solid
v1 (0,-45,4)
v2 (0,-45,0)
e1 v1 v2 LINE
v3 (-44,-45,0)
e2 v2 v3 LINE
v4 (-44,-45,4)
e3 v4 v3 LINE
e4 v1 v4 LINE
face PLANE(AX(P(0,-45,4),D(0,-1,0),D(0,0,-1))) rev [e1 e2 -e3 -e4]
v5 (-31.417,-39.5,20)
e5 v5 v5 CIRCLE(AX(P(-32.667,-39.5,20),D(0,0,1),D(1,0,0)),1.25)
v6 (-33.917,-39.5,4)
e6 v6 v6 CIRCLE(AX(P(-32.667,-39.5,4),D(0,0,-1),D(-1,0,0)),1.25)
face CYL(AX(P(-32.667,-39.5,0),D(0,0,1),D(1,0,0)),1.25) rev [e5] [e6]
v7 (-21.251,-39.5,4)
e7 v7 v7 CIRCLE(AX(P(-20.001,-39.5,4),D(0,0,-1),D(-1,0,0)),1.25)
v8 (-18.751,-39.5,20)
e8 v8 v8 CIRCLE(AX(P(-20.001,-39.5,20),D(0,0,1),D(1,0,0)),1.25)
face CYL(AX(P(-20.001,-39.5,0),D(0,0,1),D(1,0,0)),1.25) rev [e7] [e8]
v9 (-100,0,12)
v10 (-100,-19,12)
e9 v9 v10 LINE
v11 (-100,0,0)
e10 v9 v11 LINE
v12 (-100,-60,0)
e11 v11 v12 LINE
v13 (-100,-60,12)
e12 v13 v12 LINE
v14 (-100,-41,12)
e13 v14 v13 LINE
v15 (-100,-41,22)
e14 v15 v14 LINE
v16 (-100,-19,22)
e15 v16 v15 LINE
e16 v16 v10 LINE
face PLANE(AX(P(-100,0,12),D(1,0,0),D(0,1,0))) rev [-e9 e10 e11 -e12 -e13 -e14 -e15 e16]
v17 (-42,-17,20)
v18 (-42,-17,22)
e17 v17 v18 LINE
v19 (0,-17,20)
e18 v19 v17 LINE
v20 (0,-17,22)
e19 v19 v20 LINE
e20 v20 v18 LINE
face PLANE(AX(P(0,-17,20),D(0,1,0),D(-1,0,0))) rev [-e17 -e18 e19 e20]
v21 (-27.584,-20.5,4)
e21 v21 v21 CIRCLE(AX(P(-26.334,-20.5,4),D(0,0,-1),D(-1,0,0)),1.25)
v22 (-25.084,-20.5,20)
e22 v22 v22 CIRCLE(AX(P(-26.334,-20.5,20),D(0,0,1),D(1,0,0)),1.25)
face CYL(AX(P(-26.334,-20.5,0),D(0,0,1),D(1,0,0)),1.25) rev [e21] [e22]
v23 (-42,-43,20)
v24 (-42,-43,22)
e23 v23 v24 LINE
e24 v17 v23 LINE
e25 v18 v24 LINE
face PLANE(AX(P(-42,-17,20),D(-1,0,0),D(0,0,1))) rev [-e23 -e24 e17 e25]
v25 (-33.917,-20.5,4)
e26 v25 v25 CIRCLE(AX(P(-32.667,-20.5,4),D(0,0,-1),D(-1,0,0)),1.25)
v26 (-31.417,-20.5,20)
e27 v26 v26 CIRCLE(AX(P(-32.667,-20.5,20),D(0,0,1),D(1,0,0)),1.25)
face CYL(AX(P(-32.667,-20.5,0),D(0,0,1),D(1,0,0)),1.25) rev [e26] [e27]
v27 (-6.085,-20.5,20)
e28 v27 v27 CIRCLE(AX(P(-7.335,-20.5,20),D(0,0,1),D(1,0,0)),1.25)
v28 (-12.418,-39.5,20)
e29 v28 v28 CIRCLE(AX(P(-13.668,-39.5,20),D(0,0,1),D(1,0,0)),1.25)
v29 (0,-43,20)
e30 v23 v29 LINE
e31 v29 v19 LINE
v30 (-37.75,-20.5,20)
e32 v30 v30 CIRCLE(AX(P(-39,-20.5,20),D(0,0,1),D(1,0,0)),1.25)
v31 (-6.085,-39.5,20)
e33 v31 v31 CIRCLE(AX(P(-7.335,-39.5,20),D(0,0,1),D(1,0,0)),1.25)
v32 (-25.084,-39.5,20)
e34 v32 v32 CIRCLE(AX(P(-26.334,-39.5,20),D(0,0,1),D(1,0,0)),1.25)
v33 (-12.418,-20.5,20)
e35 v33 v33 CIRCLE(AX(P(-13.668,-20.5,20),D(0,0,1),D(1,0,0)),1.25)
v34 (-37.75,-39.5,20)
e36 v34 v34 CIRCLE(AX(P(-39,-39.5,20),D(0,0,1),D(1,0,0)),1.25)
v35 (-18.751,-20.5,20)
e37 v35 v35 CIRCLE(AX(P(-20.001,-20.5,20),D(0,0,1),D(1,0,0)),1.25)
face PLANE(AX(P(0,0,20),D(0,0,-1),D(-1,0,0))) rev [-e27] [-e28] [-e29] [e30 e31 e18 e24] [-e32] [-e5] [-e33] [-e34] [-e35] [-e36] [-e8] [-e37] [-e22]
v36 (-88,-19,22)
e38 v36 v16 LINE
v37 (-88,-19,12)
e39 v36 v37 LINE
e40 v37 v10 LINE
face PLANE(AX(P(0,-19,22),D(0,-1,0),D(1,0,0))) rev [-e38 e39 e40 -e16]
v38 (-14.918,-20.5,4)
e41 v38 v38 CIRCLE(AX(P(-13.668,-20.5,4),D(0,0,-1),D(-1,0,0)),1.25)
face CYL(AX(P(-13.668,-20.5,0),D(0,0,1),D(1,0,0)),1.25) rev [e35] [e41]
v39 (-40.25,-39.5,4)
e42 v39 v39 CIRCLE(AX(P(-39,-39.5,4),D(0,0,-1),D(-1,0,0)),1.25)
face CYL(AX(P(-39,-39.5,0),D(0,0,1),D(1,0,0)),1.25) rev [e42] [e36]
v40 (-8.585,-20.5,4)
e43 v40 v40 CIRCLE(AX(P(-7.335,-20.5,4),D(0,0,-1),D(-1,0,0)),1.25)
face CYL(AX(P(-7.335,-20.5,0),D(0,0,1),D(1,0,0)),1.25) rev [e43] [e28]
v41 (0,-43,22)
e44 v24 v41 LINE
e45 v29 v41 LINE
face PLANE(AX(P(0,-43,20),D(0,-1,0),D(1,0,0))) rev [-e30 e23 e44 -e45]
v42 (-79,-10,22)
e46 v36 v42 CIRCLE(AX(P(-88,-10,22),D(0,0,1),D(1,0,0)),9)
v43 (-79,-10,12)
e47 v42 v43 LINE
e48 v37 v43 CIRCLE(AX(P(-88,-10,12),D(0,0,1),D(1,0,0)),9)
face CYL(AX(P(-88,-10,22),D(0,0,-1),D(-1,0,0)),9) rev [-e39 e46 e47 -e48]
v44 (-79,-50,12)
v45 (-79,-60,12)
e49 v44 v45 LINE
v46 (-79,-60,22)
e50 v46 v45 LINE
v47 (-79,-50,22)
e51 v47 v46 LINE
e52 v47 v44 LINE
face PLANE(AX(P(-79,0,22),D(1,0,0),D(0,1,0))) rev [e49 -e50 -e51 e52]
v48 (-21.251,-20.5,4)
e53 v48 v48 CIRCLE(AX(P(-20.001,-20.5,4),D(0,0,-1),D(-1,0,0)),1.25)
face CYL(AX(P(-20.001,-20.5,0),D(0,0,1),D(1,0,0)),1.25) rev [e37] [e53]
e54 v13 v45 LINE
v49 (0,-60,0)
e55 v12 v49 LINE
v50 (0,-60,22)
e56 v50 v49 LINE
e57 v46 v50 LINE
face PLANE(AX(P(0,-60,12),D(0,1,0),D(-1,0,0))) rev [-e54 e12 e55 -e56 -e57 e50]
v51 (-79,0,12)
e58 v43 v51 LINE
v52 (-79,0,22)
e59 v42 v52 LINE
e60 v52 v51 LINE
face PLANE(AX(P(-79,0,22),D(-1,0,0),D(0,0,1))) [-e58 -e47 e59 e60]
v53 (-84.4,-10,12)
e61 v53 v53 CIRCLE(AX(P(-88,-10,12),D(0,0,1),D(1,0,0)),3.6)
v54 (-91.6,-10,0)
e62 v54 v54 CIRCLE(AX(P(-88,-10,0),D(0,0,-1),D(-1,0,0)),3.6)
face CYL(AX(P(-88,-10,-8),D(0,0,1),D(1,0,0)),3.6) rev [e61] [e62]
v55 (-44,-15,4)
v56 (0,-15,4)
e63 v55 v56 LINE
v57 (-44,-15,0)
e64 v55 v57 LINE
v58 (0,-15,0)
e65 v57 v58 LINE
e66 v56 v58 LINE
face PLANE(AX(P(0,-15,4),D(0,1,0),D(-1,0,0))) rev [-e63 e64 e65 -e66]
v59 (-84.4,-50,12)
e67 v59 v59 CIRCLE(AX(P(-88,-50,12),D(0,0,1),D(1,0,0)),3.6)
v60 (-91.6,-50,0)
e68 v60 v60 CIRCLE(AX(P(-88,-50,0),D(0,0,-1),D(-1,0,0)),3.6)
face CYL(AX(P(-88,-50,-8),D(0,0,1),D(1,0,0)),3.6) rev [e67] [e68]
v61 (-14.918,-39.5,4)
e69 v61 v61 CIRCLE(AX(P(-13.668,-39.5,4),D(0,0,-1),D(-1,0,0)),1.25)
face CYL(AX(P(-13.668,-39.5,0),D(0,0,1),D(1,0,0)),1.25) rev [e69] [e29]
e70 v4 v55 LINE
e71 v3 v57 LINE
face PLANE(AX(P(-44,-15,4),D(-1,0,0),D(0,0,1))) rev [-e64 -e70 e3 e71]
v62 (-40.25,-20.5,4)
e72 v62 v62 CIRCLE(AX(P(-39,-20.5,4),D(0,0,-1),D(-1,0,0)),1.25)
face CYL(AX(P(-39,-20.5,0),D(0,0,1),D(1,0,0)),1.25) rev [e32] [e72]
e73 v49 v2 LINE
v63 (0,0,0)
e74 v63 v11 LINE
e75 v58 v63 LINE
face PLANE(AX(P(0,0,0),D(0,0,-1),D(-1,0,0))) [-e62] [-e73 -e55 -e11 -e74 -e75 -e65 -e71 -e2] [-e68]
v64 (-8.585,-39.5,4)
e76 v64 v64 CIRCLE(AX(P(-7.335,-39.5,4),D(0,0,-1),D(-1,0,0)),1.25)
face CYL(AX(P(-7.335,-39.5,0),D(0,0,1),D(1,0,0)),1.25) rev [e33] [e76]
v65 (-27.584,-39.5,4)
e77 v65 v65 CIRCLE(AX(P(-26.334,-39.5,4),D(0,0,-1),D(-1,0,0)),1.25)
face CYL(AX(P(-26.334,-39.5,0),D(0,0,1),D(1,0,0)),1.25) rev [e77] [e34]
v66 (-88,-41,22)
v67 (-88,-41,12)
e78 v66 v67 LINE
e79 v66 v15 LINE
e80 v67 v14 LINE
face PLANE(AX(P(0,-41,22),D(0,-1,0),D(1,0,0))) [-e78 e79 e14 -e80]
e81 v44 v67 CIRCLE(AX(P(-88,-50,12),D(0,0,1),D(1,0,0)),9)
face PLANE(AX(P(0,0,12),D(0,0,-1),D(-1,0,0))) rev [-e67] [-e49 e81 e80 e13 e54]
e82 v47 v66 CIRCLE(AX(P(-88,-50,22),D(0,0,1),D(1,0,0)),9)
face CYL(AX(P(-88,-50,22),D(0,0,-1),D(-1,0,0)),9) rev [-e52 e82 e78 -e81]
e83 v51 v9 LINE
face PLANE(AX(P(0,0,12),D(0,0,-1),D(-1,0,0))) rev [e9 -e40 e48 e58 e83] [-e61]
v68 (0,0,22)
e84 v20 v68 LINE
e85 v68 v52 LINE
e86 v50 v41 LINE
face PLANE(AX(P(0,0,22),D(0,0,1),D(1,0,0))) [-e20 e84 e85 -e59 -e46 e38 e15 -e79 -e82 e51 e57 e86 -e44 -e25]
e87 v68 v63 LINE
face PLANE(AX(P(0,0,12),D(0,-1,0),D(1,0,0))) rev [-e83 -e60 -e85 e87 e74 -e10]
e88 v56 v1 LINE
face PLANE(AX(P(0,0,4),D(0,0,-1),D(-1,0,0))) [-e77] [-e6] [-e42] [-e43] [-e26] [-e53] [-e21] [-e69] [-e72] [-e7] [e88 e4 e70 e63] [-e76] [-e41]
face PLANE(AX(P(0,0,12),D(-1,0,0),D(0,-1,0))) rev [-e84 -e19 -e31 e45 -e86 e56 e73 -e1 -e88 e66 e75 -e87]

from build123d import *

# Parameters (mm, degrees)
SKIZZE1_W                       = 100
SKIZZE1_H                       = 60
AUFSATZ_LINEAR_AUSTRAGEN1_DEPTH = 12
SKIZZE3_R                       = 3.6
SCHNITT_LINEAR_AUSTRAGEN2_DEPTH = 20
AUFSATZ_LINEAR_AUSTRAGEN2_DEPTH = 10
SKIZZE9_W                       = 42
SKIZZE9_H                       = 26
SCHNITT_LINEAR_AUSTRAGEN6_DEPTH = 2
SKIZZE10_W                      = 44
SKIZZE10_H                      = 30
SCHNITT_LINEAR_AUSTRAGEN7_DEPTH = 4
SKIZZE11_R                      = 1.25
SCHNITT_LINEAR_AUSTRAGEN8_DEPTH = 119.321595662


with BuildPart() as part:
    # Skizze1 → Aufsatz-Linear austragen1 (new body)
    with BuildSketch(Plane.XY):
        with Locations((-50, -30)):
            Rectangle(SKIZZE1_W, SKIZZE1_H)
    extrude(amount=AUFSATZ_LINEAR_AUSTRAGEN1_DEPTH)

    # Skizze3 → Schnitt-Linear austragen2 (cut)
    with BuildSketch(Plane.XY.offset(12)):
        with Locations((-88, -10)):
            Circle(SKIZZE3_R)
        with Locations((-88, -50)):
            Circle(SKIZZE3_R)
    extrude(amount=-SCHNITT_LINEAR_AUSTRAGEN2_DEPTH, mode=Mode.SUBTRACT)

    # Skizze5 → Aufsatz-Linear austragen2 (add)
    with BuildSketch(Plane.XY.offset(12)):
        with BuildLine():
            Line((-100, -41), (-88, -41))
            ThreePointArc((-88, -41), (-81.636038969, -43.636038969), (-79, -50))
            Line((-79, -50), (-79, -60))
            Line((-79, -60), (0, -60))
            Line((0, -60), (0, 0))
            Line((0, 0), (-79, 0))
            Line((-79, 0), (-79, -10))
            ThreePointArc((-79, -10), (-81.636038969, -16.363961031), (-88, -19))
            Line((-88, -19), (-100, -19))
            Line((-100, -19), (-100, -41))
        make_face()
    extrude(amount=AUFSATZ_LINEAR_AUSTRAGEN2_DEPTH)

    # Skizze9 → Schnitt-Linear austragen6 (cut)
    with BuildSketch(Plane.XY.offset(22)):
        with Locations((-21, -30)):
            Rectangle(SKIZZE9_W, SKIZZE9_H)
    extrude(amount=-SCHNITT_LINEAR_AUSTRAGEN6_DEPTH, mode=Mode.SUBTRACT)

    # Skizze10 → Schnitt-Linear austragen7 (cut)
    with BuildSketch(Plane(origin=(0, 0, 0), x_dir=(-1, 0, 0), z_dir=(0, 0, -1))):
        with Locations((22, -30)):
            Rectangle(SKIZZE10_W, SKIZZE10_H)
    extrude(amount=-SCHNITT_LINEAR_AUSTRAGEN7_DEPTH, mode=Mode.SUBTRACT)

    # Skizze11 → Schnitt-Linear austragen8 (cut, through all)
    with BuildSketch(Plane.XY.offset(20)):
        with Locations((-39, -20.5)):
            Circle(SKIZZE11_R)
        with Locations((-39, -39.5)):
            Circle(SKIZZE11_R)
        with Locations((-32.667, -20.5)):
            Circle(SKIZZE11_R)
        with Locations((-32.667, -39.5)):
            Circle(SKIZZE11_R)
        with Locations((-26.334, -20.5)):
            Circle(SKIZZE11_R)
        with Locations((-26.334, -39.5)):
            Circle(SKIZZE11_R)
        with Locations((-20.001, -20.5)):
            Circle(SKIZZE11_R)
        with Locations((-20.001, -39.5)):
            Circle(SKIZZE11_R)
        with Locations((-13.668, -20.5)):
            Circle(SKIZZE11_R)
        with Locations((-13.668, -39.5)):
            Circle(SKIZZE11_R)
        with Locations((-7.335, -20.5)):
            Circle(SKIZZE11_R)
        with Locations((-7.335, -39.5)):
            Circle(SKIZZE11_R)
    extrude(amount=-SCHNITT_LINEAR_AUSTRAGEN8_DEPTH, mode=Mode.SUBTRACT)


solid = part.part
